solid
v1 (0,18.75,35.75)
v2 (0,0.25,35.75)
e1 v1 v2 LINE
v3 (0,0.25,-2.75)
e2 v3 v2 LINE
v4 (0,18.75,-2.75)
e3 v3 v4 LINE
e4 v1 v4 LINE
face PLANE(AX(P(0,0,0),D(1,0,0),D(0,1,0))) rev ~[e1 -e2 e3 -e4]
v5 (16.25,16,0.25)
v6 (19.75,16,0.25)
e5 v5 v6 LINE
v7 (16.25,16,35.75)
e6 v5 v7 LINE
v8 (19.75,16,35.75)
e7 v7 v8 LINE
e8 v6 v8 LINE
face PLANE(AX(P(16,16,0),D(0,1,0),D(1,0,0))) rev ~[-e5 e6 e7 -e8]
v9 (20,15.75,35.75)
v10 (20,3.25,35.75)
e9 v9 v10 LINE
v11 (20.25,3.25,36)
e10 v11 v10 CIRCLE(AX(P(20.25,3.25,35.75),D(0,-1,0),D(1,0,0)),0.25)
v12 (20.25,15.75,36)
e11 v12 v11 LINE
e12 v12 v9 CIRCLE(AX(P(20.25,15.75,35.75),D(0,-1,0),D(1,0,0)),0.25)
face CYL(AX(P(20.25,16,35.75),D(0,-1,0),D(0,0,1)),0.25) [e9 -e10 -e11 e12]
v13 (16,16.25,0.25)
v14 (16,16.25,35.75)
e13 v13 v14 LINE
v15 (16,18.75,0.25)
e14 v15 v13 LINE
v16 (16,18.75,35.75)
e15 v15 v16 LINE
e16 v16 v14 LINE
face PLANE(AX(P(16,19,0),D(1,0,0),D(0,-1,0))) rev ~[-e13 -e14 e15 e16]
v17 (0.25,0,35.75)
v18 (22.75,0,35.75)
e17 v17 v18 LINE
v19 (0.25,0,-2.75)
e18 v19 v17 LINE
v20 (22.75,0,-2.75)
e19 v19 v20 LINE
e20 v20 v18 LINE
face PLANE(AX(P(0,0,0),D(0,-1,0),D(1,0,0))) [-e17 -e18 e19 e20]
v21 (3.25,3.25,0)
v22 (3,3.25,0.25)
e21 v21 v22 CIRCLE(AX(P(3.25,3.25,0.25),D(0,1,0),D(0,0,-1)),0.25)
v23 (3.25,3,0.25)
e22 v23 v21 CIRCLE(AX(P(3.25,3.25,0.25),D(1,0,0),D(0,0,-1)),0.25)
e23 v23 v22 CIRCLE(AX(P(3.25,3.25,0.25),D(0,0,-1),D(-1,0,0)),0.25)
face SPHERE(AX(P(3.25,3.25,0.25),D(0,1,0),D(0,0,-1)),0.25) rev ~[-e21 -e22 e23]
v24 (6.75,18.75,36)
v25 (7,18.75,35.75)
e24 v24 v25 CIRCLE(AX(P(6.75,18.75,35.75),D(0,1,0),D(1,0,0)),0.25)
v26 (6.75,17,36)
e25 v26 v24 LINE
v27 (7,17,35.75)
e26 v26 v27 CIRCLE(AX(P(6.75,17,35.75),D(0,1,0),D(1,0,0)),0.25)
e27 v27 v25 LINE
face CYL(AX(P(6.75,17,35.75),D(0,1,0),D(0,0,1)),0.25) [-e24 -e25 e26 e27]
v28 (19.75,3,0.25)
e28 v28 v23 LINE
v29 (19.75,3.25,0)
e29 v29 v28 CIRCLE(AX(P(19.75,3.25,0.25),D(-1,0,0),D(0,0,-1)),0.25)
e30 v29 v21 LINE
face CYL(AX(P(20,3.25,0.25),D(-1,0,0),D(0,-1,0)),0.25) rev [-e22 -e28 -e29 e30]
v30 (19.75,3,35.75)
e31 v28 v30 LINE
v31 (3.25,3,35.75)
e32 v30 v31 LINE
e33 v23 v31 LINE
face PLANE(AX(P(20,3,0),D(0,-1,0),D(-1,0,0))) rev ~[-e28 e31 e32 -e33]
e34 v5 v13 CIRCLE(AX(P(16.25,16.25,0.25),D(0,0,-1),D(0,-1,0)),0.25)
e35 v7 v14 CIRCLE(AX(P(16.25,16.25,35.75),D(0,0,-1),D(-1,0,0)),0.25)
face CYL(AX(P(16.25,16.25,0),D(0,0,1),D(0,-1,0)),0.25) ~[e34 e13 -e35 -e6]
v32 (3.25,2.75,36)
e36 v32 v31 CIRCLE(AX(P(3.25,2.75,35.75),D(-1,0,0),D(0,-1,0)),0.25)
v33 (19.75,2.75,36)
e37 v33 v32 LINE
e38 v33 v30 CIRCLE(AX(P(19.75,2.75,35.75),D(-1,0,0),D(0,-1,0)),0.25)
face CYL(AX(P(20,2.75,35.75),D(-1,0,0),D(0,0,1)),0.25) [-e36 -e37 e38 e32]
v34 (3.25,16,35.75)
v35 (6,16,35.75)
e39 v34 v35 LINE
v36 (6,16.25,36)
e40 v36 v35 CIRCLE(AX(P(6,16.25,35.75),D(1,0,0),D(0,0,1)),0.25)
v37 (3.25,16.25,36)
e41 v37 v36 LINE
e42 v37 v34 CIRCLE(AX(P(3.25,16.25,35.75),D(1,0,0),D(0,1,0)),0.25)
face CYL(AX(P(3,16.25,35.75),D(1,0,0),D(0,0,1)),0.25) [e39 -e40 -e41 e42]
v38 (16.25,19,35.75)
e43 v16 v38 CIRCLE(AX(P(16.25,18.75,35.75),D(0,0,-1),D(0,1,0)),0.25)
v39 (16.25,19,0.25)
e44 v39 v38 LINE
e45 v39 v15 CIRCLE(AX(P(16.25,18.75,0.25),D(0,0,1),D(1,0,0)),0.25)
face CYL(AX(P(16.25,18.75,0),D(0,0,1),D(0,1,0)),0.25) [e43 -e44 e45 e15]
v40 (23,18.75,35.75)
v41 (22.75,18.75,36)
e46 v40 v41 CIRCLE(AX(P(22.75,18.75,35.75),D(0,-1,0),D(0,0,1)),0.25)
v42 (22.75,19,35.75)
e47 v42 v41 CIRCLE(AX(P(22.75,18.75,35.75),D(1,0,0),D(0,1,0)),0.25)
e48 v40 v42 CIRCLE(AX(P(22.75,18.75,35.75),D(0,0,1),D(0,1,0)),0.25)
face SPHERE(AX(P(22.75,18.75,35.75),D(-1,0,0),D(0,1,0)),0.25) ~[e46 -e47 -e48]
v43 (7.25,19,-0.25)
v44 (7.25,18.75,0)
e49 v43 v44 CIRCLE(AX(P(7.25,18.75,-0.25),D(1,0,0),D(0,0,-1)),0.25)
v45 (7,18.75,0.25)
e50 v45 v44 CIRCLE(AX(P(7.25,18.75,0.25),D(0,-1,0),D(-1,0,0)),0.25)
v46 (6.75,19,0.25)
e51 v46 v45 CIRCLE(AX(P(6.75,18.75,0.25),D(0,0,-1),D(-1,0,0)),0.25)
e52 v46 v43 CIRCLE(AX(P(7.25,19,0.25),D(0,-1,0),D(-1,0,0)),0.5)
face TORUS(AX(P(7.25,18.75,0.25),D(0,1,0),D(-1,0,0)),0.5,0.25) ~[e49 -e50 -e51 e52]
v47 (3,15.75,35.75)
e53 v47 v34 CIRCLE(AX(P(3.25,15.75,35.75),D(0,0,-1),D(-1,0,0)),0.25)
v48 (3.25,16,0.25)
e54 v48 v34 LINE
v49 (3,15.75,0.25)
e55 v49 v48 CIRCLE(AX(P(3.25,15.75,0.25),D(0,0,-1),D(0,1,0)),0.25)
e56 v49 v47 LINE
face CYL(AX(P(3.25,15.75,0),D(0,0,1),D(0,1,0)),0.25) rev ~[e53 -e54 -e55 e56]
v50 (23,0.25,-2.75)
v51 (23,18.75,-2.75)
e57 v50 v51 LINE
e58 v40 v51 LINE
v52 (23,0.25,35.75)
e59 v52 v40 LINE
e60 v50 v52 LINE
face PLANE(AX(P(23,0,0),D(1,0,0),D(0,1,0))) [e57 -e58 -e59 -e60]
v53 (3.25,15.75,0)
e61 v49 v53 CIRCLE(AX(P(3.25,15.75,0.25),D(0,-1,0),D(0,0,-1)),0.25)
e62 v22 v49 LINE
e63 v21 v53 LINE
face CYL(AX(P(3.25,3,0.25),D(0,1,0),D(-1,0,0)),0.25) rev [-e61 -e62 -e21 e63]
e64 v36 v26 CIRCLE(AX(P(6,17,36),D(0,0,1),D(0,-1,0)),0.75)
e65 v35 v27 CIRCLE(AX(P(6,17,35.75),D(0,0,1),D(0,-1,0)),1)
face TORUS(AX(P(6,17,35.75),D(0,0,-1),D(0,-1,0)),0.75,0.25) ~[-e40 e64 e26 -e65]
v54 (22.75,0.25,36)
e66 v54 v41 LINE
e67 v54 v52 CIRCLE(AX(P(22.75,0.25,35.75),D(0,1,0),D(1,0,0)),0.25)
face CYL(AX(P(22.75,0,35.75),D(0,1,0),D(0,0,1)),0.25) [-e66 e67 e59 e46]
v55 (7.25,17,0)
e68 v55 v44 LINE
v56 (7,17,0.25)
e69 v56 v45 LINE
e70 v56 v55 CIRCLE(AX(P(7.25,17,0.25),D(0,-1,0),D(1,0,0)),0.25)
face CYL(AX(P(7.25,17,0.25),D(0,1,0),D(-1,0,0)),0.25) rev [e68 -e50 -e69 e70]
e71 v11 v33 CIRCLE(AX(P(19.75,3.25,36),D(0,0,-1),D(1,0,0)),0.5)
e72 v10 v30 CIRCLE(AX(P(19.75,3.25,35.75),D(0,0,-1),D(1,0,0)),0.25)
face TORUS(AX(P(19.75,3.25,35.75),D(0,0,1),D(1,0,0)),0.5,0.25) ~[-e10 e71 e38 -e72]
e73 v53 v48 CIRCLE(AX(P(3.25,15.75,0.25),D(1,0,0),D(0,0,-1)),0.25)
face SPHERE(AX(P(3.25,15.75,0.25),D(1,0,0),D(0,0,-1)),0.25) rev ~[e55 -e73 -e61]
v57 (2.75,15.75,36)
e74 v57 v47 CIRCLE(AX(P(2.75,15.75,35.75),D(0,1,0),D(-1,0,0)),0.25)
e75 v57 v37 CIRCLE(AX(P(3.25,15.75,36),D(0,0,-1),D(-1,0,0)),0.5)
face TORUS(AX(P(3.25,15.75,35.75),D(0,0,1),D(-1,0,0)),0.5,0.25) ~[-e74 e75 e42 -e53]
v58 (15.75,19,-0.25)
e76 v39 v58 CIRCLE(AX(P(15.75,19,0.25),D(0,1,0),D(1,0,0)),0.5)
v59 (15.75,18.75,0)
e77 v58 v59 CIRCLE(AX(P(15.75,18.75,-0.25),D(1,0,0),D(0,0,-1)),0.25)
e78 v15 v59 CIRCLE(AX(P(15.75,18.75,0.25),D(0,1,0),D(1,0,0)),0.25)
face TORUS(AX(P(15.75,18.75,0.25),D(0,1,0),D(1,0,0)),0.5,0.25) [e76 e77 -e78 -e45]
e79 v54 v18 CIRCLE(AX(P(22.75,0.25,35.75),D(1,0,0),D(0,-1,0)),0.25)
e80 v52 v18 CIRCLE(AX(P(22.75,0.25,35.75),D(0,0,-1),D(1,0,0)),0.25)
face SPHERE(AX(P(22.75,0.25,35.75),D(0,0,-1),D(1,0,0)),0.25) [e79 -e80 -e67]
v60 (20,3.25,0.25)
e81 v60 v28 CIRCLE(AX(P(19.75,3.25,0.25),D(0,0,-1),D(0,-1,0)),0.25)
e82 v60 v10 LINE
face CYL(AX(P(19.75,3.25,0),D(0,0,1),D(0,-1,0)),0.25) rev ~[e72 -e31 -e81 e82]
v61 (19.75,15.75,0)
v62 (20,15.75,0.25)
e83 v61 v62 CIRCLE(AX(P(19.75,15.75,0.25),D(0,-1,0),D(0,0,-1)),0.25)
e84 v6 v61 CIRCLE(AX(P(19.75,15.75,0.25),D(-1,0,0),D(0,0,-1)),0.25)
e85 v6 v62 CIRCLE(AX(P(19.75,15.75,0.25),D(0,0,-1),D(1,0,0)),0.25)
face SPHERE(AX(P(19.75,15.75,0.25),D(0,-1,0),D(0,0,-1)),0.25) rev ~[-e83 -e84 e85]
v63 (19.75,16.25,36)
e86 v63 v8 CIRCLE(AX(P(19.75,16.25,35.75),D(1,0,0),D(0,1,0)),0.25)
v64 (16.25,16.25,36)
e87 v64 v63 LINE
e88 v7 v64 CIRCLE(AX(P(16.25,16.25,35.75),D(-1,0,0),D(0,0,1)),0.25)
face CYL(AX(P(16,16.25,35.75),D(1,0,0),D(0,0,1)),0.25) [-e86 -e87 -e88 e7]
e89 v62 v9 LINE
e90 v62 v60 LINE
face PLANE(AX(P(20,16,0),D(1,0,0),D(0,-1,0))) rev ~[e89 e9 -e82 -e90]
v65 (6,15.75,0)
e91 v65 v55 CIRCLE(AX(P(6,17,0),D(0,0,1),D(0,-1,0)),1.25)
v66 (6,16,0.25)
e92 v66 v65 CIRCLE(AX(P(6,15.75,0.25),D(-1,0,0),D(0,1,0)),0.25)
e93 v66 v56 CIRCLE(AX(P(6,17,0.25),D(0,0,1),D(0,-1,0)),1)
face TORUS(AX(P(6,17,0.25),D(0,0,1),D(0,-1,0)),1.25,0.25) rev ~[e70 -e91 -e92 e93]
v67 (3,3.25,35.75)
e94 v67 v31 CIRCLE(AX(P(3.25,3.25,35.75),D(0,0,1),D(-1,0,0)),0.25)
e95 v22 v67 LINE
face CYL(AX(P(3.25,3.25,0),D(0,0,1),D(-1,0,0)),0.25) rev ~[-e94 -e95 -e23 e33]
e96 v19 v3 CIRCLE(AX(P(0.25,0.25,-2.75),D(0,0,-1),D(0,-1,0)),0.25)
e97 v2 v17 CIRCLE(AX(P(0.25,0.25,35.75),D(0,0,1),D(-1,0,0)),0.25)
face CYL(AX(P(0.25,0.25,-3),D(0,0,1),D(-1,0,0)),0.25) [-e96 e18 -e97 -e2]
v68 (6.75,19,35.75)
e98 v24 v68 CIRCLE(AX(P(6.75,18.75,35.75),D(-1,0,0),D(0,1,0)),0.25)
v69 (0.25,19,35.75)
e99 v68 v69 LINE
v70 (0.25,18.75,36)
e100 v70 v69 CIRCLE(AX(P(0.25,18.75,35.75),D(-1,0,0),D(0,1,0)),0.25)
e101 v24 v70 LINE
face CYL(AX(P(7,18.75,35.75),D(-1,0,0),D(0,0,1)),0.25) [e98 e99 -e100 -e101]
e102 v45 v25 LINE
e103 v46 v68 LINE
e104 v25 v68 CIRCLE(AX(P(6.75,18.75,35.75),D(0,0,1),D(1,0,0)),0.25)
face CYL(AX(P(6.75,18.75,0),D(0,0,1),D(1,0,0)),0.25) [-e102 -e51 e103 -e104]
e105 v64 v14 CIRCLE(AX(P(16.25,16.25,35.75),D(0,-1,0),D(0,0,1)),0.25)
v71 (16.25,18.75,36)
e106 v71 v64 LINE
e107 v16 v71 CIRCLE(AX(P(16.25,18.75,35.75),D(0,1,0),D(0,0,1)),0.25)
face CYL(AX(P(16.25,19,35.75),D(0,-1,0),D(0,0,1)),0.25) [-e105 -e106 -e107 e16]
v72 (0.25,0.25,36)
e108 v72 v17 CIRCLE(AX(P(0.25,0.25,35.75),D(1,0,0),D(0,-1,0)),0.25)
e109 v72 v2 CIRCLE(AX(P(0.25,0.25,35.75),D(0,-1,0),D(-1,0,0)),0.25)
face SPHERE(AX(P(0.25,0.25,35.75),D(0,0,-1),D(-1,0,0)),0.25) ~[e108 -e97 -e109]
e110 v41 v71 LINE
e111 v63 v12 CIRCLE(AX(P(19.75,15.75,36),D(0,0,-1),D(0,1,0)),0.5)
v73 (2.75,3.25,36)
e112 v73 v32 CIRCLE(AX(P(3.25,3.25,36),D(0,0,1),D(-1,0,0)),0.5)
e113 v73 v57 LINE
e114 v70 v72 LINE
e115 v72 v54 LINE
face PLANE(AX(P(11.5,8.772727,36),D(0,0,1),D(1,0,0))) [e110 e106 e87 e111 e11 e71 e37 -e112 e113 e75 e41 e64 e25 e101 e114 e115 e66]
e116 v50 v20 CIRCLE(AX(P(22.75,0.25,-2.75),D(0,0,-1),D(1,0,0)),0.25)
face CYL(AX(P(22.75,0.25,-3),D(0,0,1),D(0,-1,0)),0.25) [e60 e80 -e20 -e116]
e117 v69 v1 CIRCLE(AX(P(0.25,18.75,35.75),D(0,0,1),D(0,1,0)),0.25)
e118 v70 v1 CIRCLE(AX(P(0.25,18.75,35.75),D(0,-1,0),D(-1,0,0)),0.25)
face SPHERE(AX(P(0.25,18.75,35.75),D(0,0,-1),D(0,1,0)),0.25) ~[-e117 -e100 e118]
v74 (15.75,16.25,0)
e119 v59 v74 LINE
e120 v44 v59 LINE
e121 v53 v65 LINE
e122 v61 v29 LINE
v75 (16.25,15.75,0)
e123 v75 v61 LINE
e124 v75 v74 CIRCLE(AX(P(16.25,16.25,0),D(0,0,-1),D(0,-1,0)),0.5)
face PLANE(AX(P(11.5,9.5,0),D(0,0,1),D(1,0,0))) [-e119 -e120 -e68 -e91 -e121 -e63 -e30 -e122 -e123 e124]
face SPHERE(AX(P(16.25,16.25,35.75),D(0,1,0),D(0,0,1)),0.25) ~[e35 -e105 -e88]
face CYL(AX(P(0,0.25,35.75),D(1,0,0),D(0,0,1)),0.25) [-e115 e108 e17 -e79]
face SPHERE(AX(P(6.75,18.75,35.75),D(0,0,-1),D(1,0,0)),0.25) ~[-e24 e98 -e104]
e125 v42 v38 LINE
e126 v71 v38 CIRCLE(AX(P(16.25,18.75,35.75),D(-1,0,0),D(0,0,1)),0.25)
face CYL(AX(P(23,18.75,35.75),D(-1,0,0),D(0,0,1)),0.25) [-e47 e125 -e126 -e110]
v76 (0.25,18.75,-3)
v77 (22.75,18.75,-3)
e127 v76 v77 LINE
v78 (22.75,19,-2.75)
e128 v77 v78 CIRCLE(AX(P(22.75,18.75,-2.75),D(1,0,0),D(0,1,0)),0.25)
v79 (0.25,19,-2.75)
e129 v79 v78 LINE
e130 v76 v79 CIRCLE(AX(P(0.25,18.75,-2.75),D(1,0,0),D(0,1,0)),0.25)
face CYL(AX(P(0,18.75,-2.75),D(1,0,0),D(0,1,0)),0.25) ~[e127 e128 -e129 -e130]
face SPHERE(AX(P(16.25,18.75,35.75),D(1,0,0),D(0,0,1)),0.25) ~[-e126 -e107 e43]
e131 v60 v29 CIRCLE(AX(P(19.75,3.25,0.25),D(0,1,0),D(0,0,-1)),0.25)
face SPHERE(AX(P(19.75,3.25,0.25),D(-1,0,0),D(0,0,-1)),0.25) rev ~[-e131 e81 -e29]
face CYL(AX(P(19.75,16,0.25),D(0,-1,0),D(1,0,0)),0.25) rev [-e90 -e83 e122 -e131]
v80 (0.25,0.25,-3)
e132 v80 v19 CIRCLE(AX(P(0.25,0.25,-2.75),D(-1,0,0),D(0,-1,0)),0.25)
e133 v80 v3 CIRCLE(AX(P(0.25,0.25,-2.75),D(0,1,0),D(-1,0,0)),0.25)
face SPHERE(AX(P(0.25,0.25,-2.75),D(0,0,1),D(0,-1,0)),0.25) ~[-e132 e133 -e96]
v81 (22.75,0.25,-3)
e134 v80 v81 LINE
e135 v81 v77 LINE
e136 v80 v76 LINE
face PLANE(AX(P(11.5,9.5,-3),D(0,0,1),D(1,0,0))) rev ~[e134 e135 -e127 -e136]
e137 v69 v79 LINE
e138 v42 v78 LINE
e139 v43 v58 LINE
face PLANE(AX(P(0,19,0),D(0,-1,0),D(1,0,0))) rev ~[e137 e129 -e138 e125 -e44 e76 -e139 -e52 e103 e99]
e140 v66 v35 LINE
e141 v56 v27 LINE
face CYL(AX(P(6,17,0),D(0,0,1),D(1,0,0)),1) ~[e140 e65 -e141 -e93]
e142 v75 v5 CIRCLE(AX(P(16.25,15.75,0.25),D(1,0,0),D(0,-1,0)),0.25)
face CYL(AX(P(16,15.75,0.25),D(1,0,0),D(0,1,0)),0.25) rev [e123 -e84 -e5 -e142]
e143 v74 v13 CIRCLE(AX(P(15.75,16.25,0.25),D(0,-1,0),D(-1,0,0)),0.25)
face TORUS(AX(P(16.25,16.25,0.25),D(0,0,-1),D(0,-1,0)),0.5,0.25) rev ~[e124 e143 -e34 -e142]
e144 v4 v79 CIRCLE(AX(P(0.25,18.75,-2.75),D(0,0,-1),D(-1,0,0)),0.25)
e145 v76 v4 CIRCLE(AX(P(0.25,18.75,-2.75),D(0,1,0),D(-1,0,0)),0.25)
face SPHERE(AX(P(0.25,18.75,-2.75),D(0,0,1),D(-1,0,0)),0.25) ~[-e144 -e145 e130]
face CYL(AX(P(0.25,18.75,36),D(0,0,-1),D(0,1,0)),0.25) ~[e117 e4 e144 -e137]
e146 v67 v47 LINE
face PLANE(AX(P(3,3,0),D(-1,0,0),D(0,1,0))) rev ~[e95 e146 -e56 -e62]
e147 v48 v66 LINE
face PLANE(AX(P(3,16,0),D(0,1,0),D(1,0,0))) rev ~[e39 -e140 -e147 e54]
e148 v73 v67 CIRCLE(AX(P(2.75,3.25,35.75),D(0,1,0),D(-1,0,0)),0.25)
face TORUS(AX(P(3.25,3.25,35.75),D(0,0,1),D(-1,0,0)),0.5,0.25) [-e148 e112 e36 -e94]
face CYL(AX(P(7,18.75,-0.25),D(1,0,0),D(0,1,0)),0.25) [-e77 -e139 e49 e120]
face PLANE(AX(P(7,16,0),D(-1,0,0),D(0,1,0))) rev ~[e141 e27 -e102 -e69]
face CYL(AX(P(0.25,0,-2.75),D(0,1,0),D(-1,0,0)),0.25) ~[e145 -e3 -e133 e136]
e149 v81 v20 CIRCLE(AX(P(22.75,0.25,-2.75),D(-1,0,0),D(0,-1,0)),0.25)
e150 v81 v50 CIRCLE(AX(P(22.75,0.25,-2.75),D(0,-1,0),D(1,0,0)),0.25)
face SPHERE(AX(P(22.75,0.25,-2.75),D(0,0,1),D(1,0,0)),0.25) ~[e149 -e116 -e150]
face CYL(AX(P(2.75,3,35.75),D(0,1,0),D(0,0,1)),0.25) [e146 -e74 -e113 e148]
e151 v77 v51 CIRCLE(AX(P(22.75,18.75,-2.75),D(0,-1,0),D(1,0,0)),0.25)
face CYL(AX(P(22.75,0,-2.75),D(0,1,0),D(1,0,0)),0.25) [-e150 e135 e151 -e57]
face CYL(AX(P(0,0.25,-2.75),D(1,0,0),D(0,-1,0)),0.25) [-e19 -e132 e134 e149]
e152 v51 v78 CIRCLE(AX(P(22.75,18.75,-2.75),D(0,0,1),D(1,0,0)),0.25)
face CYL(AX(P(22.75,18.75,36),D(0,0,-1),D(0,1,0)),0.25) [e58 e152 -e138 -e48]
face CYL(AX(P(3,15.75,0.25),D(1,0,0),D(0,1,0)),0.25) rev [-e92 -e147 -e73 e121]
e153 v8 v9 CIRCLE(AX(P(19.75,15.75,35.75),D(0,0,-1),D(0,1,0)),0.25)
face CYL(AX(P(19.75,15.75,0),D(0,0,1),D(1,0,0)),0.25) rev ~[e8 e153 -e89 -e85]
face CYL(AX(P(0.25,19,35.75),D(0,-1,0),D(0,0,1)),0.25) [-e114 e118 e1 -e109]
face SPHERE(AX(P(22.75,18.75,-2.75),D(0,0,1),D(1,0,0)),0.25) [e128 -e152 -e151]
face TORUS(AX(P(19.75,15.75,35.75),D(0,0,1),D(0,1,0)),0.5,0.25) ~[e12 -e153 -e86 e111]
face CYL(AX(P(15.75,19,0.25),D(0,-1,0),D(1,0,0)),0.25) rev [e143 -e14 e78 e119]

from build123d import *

# Parameters (mm, degrees)
BOSS_EXTRU_1_DEPTH = 36
ESQUISSE2_W        = 23
ESQUISSE2_H        = 19
BOSS_EXTRU_2_DEPTH = 3
CONG_1_R           = 1
CONG_2_R           = 0.25


with BuildPart() as part:
    # Esquisse1 → Boss.-Extru.1 (new body)
    with BuildSketch(Plane.XY):
        Polygon((0, 0), (23, 0), (23, 3), (23, 19), (16, 19), (16, 16), (20, 16), (20, 3), (3, 3), (3, 16), (7, 16), (7, 19), (0, 19), (0, 3), align=None)
    extrude(amount=BOSS_EXTRU_1_DEPTH)

    # Esquisse2 → Boss.-Extru.2 (add)
    with BuildSketch(Plane.XY):
        with Locations((11.5, 9.5)):
            Rectangle(ESQUISSE2_W, ESQUISSE2_H)
    extrude(amount=-BOSS_EXTRU_2_DEPTH)

    # Congé1
    cong_1_edges = [part.edges().sort_by_distance(p)[0] for p in [
        (7, 16, 18),
    ]]
    fillet(cong_1_edges, radius=CONG_1_R)

    # Congé2
    cong_2_edges = [part.edges().sort_by_distance(p)[0] for p in [
        (19.5, 19, 36),
        (16, 17.5, 36),
        (4.5, 16, 0),
        (3, 9.5, 0),
        (11.5, 3, 0),
        (20, 9.5, 0),
        (18, 16, 36),
        (18, 16, 0),
        (16, 17.5, 0),
        (20, 9.5, 36),
        (11.5, 3, 36),
        (23, 0, 16.5),
        (0, 0, 16.5),
        (0, 19, 16.5),
        (7, 19, 18),
        (3, 16, 18),
        (3, 3, 18),
        (20, 3, 18),
        (20, 16, 18),
        (16, 16, 18),
        (16, 19, 18),
        (23, 19, 16.5),
        (3, 9.5, 36),
        (4.5, 16, 36),
        (3.5, 19, 36),
        (0, 9.5, 36),
        (23, 9.5, 36),
        (23, 9.5, -3),
        (11.5, 0, -3),
        (0, 9.5, -3),
        (11.5, 19, -3),
        (11.5, 19, 0),
        (11.5, 0, 36),
        (7, 18, 0),
        (7, 18, 36),
        (6.707106781, 16.292893219, 36),
        (6.707106781, 16.292893219, 0),
    ]]
    fillet(cong_2_edges, radius=CONG_2_R)


solid = part.part
